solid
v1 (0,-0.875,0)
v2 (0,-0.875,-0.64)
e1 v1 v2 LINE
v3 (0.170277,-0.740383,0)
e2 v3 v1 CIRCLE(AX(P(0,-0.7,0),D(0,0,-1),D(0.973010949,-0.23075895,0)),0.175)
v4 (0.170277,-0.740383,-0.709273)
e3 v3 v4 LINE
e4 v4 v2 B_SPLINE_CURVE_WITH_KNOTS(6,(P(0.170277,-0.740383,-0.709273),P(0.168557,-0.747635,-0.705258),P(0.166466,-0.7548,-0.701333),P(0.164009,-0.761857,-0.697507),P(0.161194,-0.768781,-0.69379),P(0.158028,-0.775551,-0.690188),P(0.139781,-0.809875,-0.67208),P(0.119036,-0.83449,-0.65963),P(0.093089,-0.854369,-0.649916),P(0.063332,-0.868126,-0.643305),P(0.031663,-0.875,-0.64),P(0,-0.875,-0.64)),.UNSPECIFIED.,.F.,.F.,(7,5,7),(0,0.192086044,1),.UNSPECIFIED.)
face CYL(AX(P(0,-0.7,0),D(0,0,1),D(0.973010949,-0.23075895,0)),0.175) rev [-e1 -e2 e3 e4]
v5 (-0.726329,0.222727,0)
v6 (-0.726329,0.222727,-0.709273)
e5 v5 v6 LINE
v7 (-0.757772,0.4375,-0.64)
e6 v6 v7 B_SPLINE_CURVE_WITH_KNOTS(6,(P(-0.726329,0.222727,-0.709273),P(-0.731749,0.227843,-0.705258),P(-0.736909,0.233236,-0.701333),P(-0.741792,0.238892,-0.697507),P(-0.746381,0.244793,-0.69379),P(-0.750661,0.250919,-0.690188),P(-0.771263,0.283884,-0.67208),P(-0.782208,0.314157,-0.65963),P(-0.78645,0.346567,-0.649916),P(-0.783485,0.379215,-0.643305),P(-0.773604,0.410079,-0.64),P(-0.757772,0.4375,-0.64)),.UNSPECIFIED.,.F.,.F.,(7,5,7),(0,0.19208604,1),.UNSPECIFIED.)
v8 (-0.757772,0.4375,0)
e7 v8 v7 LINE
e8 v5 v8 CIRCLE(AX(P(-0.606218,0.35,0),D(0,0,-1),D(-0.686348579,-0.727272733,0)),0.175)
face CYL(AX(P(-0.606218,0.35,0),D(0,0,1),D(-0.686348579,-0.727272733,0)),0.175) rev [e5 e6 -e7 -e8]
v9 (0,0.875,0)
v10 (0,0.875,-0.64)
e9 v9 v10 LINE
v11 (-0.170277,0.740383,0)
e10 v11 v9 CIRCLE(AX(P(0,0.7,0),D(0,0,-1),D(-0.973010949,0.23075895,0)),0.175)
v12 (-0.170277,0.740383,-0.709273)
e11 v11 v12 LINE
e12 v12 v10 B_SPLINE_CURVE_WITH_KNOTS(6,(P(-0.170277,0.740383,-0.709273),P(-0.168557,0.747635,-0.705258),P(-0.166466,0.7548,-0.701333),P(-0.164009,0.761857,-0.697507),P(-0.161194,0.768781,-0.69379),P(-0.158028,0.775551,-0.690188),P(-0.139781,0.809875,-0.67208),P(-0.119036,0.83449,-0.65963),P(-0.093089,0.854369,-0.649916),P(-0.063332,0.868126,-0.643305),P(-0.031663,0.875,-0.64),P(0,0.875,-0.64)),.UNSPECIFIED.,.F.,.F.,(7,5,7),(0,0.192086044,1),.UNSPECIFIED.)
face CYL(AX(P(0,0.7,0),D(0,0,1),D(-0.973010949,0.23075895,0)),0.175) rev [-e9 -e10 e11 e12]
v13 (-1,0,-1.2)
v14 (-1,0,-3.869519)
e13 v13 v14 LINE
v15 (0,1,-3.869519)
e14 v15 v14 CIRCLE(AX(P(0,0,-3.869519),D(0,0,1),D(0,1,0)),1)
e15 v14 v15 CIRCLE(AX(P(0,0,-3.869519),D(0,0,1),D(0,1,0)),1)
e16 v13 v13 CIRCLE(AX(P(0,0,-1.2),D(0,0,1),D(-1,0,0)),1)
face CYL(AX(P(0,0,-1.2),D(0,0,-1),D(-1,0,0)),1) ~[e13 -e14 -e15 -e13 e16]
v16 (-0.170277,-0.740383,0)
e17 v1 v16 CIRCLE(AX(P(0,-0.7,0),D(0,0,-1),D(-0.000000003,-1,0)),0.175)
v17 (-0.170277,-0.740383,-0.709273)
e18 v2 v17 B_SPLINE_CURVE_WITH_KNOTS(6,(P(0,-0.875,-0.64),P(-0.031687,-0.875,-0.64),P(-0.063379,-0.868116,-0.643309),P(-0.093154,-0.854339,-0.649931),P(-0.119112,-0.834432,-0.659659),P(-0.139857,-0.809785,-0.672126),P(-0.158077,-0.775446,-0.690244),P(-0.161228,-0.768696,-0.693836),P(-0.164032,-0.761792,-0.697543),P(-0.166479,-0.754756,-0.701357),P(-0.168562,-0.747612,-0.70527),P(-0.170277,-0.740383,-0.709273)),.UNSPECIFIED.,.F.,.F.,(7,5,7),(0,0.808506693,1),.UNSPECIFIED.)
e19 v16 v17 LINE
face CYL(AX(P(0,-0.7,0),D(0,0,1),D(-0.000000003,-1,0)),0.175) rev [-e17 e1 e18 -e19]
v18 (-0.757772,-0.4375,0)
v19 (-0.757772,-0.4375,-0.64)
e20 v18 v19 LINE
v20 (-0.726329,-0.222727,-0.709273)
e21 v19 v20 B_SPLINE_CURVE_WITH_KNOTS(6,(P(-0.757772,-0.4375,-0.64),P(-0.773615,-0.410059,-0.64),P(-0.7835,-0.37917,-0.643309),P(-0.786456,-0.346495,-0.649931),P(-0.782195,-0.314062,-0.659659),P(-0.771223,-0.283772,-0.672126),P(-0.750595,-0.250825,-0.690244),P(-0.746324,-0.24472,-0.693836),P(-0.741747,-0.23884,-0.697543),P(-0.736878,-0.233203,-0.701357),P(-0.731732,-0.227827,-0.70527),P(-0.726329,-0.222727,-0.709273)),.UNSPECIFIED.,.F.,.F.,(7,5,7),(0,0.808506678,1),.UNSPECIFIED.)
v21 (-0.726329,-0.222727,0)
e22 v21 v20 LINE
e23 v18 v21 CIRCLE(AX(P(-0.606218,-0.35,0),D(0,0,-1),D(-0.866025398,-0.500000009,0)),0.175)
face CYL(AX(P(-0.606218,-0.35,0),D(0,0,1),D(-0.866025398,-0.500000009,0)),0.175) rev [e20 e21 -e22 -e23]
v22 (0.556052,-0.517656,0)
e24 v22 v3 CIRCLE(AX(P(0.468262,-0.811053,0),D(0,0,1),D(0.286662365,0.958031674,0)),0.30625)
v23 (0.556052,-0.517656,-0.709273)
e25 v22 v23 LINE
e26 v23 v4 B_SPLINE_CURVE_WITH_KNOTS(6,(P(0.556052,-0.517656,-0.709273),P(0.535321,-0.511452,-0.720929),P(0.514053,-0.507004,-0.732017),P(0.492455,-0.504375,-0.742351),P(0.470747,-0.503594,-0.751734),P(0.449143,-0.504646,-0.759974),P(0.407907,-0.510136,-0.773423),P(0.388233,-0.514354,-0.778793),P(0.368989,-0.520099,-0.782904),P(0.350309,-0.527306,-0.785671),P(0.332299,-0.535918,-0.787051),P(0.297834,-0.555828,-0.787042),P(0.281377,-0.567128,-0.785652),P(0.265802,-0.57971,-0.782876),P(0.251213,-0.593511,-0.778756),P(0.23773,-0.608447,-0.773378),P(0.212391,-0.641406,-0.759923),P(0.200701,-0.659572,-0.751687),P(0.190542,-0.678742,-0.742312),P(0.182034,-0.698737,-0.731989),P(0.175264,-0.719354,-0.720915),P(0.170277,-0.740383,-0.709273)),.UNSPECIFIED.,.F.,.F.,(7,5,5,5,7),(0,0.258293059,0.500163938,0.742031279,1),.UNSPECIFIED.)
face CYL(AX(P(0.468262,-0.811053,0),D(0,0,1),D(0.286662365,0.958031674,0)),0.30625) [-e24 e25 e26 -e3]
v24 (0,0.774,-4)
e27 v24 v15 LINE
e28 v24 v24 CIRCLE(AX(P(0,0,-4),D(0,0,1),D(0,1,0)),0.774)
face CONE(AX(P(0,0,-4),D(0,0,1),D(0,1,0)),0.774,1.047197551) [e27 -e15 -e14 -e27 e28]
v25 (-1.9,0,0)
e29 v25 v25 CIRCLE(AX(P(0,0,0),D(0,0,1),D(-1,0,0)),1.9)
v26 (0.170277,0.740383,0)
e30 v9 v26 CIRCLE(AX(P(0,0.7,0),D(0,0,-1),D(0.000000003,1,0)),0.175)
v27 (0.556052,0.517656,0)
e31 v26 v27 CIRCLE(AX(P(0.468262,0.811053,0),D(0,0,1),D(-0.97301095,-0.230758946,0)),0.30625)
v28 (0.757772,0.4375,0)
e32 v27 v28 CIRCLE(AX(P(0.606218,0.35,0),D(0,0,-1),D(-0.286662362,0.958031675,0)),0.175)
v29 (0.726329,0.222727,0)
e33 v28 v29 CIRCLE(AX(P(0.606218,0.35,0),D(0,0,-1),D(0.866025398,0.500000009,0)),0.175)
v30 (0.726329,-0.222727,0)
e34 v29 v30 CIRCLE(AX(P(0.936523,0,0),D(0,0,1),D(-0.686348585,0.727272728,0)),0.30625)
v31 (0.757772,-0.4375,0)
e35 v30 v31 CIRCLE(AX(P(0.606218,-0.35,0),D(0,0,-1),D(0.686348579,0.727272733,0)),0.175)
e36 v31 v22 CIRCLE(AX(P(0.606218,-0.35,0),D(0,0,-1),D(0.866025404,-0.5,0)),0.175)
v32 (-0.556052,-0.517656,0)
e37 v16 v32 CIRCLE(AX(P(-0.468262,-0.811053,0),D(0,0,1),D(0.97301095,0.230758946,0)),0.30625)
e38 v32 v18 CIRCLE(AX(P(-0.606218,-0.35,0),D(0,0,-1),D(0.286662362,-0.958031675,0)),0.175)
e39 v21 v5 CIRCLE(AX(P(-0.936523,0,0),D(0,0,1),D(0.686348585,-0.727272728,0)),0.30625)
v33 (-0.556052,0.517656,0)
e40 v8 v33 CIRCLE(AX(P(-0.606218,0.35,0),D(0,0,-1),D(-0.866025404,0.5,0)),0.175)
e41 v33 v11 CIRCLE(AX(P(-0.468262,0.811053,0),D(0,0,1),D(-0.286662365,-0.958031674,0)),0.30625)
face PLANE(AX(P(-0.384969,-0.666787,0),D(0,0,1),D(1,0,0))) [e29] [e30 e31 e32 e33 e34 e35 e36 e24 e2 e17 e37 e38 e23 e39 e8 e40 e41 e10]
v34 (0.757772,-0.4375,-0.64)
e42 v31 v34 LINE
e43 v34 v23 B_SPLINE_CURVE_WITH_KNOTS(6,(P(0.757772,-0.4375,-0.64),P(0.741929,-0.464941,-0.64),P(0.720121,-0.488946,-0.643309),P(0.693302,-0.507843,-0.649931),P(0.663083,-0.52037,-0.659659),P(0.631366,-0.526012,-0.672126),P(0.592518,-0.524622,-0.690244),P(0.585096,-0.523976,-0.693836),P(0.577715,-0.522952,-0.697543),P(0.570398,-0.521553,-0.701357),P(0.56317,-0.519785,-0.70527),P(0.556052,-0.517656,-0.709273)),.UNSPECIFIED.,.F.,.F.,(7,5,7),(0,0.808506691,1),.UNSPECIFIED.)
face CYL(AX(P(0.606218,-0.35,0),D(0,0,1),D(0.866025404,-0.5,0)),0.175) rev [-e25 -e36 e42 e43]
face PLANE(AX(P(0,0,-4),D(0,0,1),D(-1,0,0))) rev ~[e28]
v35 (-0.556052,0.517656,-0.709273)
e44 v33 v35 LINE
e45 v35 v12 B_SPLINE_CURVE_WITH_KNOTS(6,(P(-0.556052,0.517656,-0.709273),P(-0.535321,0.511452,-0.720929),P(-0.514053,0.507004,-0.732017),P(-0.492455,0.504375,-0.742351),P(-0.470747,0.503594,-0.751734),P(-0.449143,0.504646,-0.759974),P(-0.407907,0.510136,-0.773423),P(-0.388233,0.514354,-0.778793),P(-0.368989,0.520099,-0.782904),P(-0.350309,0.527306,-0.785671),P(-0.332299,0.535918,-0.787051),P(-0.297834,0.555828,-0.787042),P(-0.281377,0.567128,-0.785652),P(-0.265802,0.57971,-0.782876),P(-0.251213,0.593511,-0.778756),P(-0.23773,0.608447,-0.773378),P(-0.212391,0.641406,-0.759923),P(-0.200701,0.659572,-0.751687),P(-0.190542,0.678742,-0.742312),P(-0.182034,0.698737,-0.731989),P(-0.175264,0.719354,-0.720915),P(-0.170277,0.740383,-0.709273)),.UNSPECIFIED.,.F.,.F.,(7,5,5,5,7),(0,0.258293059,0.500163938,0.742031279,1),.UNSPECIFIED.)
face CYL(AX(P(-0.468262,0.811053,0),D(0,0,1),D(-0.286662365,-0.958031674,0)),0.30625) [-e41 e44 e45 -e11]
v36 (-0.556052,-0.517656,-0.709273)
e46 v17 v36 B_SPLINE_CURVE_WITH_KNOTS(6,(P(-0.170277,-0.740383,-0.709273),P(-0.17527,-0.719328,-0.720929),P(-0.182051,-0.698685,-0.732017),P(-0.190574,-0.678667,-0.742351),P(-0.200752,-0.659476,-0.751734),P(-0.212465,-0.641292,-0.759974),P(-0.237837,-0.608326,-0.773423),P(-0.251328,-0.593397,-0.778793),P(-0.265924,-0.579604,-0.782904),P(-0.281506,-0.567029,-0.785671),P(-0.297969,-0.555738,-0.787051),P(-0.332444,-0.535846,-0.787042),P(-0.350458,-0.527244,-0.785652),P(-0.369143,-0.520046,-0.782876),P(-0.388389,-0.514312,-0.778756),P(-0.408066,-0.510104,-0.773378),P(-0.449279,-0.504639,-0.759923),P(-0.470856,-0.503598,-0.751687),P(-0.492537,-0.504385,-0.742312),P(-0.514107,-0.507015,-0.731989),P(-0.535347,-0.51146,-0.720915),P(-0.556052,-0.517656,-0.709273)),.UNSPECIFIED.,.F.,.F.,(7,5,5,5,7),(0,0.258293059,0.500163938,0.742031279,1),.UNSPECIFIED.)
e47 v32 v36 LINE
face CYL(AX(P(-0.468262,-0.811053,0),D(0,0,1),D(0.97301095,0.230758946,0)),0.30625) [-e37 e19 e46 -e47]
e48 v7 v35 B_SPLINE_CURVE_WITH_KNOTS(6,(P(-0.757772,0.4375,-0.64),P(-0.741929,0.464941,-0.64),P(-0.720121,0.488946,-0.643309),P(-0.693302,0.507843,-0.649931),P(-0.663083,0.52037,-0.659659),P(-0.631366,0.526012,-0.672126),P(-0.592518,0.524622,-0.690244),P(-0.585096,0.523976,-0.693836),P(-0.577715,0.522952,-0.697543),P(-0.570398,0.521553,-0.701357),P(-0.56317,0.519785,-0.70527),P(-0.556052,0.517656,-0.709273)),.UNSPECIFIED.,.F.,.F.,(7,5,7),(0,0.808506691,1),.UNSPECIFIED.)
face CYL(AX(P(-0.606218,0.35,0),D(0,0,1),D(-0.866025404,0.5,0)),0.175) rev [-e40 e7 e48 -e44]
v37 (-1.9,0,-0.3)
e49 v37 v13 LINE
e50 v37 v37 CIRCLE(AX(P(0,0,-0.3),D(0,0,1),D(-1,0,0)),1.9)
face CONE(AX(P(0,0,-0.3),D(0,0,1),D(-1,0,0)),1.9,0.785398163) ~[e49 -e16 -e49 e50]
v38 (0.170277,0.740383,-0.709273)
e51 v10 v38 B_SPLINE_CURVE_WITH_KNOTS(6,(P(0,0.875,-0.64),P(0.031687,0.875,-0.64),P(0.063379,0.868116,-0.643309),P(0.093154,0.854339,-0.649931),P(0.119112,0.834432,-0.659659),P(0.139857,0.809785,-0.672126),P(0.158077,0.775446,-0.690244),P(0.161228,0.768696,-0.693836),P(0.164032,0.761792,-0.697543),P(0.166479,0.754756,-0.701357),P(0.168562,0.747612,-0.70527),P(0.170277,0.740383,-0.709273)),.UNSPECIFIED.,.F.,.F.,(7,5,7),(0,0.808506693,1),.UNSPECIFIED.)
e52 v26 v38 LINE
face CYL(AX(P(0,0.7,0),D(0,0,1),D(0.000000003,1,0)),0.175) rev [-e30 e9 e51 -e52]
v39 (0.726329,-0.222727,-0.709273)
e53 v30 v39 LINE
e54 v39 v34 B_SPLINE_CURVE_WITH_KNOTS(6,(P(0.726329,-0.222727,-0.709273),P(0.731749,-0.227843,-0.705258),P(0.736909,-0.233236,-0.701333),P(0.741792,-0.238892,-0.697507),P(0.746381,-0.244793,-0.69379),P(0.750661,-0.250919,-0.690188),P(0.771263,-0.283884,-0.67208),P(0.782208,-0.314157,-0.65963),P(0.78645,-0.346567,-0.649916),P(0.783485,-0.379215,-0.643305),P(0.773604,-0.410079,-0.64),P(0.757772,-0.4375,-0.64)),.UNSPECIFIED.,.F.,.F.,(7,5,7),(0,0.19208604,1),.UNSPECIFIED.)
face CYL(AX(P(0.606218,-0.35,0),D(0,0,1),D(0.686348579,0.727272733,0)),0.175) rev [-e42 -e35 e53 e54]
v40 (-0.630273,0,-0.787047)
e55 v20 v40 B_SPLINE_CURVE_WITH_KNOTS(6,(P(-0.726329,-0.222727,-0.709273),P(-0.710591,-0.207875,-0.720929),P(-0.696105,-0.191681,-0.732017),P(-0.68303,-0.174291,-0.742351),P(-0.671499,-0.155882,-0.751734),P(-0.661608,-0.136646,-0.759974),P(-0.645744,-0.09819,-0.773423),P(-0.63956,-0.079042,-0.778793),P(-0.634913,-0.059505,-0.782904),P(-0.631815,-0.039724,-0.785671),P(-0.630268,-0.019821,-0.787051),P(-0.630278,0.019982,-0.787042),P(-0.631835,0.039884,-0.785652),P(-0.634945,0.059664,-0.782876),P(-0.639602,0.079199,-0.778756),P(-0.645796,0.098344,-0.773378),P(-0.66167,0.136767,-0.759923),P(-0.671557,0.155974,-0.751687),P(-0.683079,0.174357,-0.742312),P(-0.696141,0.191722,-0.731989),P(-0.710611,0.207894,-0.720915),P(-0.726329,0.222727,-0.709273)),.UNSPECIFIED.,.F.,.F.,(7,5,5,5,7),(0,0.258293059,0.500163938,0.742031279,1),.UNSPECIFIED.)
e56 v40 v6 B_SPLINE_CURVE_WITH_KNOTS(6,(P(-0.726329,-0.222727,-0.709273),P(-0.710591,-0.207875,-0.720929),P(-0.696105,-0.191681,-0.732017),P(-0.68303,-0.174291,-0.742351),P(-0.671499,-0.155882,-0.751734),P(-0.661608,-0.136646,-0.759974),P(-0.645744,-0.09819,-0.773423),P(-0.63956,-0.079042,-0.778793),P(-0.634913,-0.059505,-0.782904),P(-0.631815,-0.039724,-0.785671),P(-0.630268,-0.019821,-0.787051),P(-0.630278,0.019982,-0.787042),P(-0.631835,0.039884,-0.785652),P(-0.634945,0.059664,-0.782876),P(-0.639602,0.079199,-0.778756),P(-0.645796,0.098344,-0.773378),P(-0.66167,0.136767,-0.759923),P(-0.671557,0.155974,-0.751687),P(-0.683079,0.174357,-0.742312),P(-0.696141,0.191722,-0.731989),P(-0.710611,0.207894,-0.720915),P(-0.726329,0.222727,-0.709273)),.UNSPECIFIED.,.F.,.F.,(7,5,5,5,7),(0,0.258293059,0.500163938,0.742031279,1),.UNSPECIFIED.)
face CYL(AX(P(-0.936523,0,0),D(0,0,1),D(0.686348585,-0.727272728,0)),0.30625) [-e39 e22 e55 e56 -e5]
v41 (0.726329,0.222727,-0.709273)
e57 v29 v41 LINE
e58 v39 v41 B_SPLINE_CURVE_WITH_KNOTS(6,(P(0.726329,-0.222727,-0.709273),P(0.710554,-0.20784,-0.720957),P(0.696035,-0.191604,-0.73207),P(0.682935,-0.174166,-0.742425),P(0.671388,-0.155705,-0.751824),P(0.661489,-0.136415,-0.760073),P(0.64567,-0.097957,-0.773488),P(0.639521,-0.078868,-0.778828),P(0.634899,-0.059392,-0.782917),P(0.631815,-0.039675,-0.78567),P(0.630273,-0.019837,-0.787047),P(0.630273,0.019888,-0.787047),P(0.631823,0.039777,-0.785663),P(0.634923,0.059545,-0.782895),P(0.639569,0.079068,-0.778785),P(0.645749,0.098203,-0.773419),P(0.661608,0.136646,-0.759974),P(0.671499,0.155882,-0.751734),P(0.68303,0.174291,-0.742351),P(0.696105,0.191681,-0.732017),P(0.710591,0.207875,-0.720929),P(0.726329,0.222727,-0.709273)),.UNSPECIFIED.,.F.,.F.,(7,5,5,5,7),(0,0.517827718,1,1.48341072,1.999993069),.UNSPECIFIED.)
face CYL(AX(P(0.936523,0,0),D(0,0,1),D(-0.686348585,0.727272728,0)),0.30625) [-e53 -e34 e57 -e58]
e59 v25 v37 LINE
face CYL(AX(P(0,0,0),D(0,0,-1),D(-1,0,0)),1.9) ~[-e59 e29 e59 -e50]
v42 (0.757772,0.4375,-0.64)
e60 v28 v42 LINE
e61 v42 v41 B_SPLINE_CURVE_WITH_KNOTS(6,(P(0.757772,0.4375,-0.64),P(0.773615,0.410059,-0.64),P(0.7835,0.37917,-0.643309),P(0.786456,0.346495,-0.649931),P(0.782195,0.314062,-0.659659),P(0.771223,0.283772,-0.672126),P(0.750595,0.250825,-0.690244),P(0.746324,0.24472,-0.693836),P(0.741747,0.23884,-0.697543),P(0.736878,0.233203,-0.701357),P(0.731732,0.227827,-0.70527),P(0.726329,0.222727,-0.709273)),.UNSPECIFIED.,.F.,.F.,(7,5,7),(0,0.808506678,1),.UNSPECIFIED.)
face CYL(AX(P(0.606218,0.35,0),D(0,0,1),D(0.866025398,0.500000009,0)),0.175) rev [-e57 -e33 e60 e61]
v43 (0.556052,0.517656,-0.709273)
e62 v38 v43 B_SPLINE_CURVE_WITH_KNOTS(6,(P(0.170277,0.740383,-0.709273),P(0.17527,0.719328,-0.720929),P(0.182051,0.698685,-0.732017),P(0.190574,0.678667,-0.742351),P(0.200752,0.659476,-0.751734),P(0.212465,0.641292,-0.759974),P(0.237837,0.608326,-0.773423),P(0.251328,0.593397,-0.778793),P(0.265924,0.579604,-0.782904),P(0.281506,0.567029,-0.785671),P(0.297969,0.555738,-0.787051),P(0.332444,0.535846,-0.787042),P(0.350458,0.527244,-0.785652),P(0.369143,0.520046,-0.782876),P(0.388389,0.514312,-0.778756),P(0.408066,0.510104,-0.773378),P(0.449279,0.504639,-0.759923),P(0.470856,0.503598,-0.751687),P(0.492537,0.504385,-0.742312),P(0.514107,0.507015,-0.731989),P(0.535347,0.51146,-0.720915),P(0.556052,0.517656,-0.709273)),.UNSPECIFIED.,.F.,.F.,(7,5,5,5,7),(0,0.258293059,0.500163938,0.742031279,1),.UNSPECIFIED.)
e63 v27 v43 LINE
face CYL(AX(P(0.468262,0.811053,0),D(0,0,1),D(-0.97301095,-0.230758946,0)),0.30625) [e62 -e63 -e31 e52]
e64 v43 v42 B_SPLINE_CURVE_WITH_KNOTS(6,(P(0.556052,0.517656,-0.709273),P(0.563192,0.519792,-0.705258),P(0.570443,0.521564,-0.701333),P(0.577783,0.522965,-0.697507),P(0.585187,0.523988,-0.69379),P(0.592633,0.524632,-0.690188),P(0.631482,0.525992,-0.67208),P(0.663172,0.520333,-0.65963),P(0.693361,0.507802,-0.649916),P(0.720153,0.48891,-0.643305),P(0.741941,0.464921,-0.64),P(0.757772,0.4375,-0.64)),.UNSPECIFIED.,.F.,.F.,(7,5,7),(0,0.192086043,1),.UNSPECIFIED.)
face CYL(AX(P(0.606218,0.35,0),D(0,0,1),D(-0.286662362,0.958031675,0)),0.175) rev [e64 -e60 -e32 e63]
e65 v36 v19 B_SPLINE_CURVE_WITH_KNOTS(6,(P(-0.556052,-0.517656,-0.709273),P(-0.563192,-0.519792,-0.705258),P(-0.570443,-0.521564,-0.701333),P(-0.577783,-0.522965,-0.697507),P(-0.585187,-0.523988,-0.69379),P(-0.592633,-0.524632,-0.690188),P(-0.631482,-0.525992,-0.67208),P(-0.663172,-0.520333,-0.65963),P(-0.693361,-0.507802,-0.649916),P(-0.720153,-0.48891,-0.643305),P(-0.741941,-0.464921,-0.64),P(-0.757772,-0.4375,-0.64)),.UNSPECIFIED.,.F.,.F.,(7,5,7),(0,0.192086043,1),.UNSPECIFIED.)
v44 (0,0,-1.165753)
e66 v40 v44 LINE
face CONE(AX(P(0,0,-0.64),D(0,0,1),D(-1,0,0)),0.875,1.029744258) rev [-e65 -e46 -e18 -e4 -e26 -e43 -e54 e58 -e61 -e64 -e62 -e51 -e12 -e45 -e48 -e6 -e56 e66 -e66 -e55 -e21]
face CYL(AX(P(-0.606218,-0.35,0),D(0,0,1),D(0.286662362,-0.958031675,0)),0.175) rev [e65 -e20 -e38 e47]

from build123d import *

# Parameters (mm, degrees)
HEXALOBULAR_REACH = 6.819


with BuildPart() as part:
    # BodySke → Base-Revolve (revolve)
    with BuildSketch(Plane(origin=(0, 0, 0), x_dir=(0, 0, -1), z_dir=(1, 0, 0)), mode=Mode.PRIVATE) as base_revolve_sk:
        Polygon((0, 0), (0, 1.9), (0.3, 1.9), (1.2, 1), (4, 1), (4, 0), align=None)
    revolve(base_revolve_sk.sketch.rotate(Axis((0, 0, 0), (0, 0, 1)), 90), axis=Axis((0, 0, 0), (0, 0, 1)))

    # PreBSke → PreBroach (revolve, cut)
    with BuildSketch(Plane(origin=(0, 0, 0), x_dir=(0, 0, -1), z_dir=(1, 0, 0)), mode=Mode.PRIVATE) as prebroach_sk:
        Polygon((0, 0), (0, 0.875), (0.64, 0.875), (1.165753042, 0), align=None)
    revolve(prebroach_sk.sketch.rotate(Axis((0, 0, 0), (0, 0, 1)), 90), axis=Axis((0, 0, 0), (0, 0, 1)), mode=Mode.SUBTRACT)

    # Hexalobular: up to this cone (the profile starts inside it)
    hexalobular_end = Plane(origin=(0, 0, 0), z_dir=(0, 0, 1)).offset(-1.165752042) * Cone(1.664e-06, 17.349933712, 10.42489091, align=(Align.CENTER, Align.CENTER, Align.MIN), mode=Mode.PRIVATE)
    # HexSke → Hexalobular (add, up to the surface)
    with BuildSketch(Plane.XY, mode=Mode.PRIVATE) as hexalobular_sk1:
        with BuildLine():
            ThreePointArc((-0.757772228, -0.4375), (-0.779371934, -0.324649655), (-0.726328785, -0.222727273))
            ThreePointArc((-0.726328785, -0.222727273), (-0.630273039, 0), (-0.726328785, 0.222727273))
            ThreePointArc((-0.726328785, 0.222727273), (-0.779371934, 0.324649655), (-0.757772228, 0.4375))
            ThreePointArc((-0.757772228, 0.4375), (-0.875, 0), (-0.757772228, -0.4375))
        make_face()
    hexalobular_tool1 = extrude(hexalobular_sk1.sketch, amount=-HEXALOBULAR_REACH, mode=Mode.PRIVATE) & hexalobular_end
    add(hexalobular_tool1.solids().sort_by_distance((-0.76612, 0, 0))[0])
    # HexSke → Hexalobular (add, up to the surface)
    with BuildSketch(Plane.XY, mode=Mode.PRIVATE) as hexalobular_sk2:
        with BuildLine():
            ThreePointArc((0, 0.875), (-0.4375, 0.757772228), (-0.757772228, 0.4375))
            ThreePointArc((-0.757772228, 0.4375), (-0.670840815, 0.512631066), (-0.556051869, 0.517655543))
            ThreePointArc((-0.556051869, 0.517655543), (-0.31513652, 0.545832463), (-0.170276916, 0.740382816))
            ThreePointArc((-0.170276916, 0.740382816), (-0.108531118, 0.837280721), (0, 0.875))
        make_face()
    hexalobular_tool2 = extrude(hexalobular_sk2.sketch, amount=-HEXALOBULAR_REACH, mode=Mode.PRIVATE) & hexalobular_end
    add(hexalobular_tool2.solids().sort_by_distance((-0.38306, 0.66348, 0))[0])
    # HexSke → Hexalobular (add, up to the surface)
    with BuildSketch(Plane.XY, mode=Mode.PRIVATE) as hexalobular_sk3:
        with BuildLine():
            ThreePointArc((0.757772228, 0.4375), (0.4375, 0.757772228), (0, 0.875))
            ThreePointArc((0, 0.875), (0.108531118, 0.837280721), (0.170276916, 0.740382816))
            ThreePointArc((0.170276916, 0.740382816), (0.31513652, 0.545832463), (0.556051869, 0.517655543))
            ThreePointArc((0.556051869, 0.517655543), (0.670840815, 0.512631066), (0.757772228, 0.4375))
        make_face()
    hexalobular_tool3 = extrude(hexalobular_sk3.sketch, amount=-HEXALOBULAR_REACH, mode=Mode.PRIVATE) & hexalobular_end
    add(hexalobular_tool3.solids().sort_by_distance((0.38306, 0.66348, 0))[0])
    # HexSke → Hexalobular (add, up to the surface)
    with BuildSketch(Plane.XY, mode=Mode.PRIVATE) as hexalobular_sk4:
        with BuildLine():
            ThreePointArc((0.726328785, -0.222727273), (0.779371934, -0.324649655), (0.757772228, -0.4375))
            ThreePointArc((0.757772228, -0.4375), (0.845185098, -0.226466664), (0.875, 0))
            ThreePointArc((0.875, 0), (0.845185098, 0.226466664), (0.757772228, 0.4375))
            ThreePointArc((0.757772228, 0.4375), (0.779371934, 0.324649655), (0.726328785, 0.222727273))
            ThreePointArc((0.726328785, 0.222727273), (0.630273039, 0), (0.726328785, -0.222727273))
        make_face()
    hexalobular_tool4 = extrude(hexalobular_sk4.sketch, amount=-HEXALOBULAR_REACH, mode=Mode.PRIVATE) & hexalobular_end
    add(hexalobular_tool4.solids().sort_by_distance((0.76612, 0, 0))[0])
    # HexSke → Hexalobular (add, up to the surface)
    with BuildSketch(Plane.XY, mode=Mode.PRIVATE) as hexalobular_sk5:
        with BuildLine():
            ThreePointArc((0.170276916, -0.740382816), (0.108531118, -0.837280721), (0, -0.875))
            ThreePointArc((0, -0.875), (0.4375, -0.757772228), (0.757772228, -0.4375))
            ThreePointArc((0.757772228, -0.4375), (0.670840815, -0.512631066), (0.556051869, -0.517655543))
            ThreePointArc((0.556051869, -0.517655543), (0.31513652, -0.545832463), (0.170276916, -0.740382816))
        make_face()
    hexalobular_tool5 = extrude(hexalobular_sk5.sketch, amount=-HEXALOBULAR_REACH, mode=Mode.PRIVATE) & hexalobular_end
    add(hexalobular_tool5.solids().sort_by_distance((0.38306, -0.66348, 0))[0])
    # HexSke → Hexalobular (add, up to the surface)
    with BuildSketch(Plane.XY, mode=Mode.PRIVATE) as hexalobular_sk6:
        with BuildLine():
            ThreePointArc((-0.556051869, -0.517655543), (-0.670840815, -0.512631066), (-0.757772228, -0.4375))
            ThreePointArc((-0.757772228, -0.4375), (-0.4375, -0.757772228), (0, -0.875))
            ThreePointArc((0, -0.875), (-0.108531118, -0.837280721), (-0.170276916, -0.740382816))
            ThreePointArc((-0.170276916, -0.740382816), (-0.31513652, -0.545832463), (-0.556051869, -0.517655543))
        make_face()
    hexalobular_tool6 = extrude(hexalobular_sk6.sketch, amount=-HEXALOBULAR_REACH, mode=Mode.PRIVATE) & hexalobular_end
    add(hexalobular_tool6.solids().sort_by_distance((-0.38306, -0.66348, 0))[0])

    # ThdSchSke → ThreadSchematic (revolve, cut)
    with BuildSketch(Plane(origin=(0, 0, 0), x_dir=(0, 0, -1), z_dir=(1, 0, 0))):
        Polygon((4.130481161, 1), (4, 0.774), (3.869518839, 1), align=None)
    revolve(axis=Axis((0, 0, 0), (0, 0, 1)), mode=Mode.SUBTRACT)


solid = part.part
